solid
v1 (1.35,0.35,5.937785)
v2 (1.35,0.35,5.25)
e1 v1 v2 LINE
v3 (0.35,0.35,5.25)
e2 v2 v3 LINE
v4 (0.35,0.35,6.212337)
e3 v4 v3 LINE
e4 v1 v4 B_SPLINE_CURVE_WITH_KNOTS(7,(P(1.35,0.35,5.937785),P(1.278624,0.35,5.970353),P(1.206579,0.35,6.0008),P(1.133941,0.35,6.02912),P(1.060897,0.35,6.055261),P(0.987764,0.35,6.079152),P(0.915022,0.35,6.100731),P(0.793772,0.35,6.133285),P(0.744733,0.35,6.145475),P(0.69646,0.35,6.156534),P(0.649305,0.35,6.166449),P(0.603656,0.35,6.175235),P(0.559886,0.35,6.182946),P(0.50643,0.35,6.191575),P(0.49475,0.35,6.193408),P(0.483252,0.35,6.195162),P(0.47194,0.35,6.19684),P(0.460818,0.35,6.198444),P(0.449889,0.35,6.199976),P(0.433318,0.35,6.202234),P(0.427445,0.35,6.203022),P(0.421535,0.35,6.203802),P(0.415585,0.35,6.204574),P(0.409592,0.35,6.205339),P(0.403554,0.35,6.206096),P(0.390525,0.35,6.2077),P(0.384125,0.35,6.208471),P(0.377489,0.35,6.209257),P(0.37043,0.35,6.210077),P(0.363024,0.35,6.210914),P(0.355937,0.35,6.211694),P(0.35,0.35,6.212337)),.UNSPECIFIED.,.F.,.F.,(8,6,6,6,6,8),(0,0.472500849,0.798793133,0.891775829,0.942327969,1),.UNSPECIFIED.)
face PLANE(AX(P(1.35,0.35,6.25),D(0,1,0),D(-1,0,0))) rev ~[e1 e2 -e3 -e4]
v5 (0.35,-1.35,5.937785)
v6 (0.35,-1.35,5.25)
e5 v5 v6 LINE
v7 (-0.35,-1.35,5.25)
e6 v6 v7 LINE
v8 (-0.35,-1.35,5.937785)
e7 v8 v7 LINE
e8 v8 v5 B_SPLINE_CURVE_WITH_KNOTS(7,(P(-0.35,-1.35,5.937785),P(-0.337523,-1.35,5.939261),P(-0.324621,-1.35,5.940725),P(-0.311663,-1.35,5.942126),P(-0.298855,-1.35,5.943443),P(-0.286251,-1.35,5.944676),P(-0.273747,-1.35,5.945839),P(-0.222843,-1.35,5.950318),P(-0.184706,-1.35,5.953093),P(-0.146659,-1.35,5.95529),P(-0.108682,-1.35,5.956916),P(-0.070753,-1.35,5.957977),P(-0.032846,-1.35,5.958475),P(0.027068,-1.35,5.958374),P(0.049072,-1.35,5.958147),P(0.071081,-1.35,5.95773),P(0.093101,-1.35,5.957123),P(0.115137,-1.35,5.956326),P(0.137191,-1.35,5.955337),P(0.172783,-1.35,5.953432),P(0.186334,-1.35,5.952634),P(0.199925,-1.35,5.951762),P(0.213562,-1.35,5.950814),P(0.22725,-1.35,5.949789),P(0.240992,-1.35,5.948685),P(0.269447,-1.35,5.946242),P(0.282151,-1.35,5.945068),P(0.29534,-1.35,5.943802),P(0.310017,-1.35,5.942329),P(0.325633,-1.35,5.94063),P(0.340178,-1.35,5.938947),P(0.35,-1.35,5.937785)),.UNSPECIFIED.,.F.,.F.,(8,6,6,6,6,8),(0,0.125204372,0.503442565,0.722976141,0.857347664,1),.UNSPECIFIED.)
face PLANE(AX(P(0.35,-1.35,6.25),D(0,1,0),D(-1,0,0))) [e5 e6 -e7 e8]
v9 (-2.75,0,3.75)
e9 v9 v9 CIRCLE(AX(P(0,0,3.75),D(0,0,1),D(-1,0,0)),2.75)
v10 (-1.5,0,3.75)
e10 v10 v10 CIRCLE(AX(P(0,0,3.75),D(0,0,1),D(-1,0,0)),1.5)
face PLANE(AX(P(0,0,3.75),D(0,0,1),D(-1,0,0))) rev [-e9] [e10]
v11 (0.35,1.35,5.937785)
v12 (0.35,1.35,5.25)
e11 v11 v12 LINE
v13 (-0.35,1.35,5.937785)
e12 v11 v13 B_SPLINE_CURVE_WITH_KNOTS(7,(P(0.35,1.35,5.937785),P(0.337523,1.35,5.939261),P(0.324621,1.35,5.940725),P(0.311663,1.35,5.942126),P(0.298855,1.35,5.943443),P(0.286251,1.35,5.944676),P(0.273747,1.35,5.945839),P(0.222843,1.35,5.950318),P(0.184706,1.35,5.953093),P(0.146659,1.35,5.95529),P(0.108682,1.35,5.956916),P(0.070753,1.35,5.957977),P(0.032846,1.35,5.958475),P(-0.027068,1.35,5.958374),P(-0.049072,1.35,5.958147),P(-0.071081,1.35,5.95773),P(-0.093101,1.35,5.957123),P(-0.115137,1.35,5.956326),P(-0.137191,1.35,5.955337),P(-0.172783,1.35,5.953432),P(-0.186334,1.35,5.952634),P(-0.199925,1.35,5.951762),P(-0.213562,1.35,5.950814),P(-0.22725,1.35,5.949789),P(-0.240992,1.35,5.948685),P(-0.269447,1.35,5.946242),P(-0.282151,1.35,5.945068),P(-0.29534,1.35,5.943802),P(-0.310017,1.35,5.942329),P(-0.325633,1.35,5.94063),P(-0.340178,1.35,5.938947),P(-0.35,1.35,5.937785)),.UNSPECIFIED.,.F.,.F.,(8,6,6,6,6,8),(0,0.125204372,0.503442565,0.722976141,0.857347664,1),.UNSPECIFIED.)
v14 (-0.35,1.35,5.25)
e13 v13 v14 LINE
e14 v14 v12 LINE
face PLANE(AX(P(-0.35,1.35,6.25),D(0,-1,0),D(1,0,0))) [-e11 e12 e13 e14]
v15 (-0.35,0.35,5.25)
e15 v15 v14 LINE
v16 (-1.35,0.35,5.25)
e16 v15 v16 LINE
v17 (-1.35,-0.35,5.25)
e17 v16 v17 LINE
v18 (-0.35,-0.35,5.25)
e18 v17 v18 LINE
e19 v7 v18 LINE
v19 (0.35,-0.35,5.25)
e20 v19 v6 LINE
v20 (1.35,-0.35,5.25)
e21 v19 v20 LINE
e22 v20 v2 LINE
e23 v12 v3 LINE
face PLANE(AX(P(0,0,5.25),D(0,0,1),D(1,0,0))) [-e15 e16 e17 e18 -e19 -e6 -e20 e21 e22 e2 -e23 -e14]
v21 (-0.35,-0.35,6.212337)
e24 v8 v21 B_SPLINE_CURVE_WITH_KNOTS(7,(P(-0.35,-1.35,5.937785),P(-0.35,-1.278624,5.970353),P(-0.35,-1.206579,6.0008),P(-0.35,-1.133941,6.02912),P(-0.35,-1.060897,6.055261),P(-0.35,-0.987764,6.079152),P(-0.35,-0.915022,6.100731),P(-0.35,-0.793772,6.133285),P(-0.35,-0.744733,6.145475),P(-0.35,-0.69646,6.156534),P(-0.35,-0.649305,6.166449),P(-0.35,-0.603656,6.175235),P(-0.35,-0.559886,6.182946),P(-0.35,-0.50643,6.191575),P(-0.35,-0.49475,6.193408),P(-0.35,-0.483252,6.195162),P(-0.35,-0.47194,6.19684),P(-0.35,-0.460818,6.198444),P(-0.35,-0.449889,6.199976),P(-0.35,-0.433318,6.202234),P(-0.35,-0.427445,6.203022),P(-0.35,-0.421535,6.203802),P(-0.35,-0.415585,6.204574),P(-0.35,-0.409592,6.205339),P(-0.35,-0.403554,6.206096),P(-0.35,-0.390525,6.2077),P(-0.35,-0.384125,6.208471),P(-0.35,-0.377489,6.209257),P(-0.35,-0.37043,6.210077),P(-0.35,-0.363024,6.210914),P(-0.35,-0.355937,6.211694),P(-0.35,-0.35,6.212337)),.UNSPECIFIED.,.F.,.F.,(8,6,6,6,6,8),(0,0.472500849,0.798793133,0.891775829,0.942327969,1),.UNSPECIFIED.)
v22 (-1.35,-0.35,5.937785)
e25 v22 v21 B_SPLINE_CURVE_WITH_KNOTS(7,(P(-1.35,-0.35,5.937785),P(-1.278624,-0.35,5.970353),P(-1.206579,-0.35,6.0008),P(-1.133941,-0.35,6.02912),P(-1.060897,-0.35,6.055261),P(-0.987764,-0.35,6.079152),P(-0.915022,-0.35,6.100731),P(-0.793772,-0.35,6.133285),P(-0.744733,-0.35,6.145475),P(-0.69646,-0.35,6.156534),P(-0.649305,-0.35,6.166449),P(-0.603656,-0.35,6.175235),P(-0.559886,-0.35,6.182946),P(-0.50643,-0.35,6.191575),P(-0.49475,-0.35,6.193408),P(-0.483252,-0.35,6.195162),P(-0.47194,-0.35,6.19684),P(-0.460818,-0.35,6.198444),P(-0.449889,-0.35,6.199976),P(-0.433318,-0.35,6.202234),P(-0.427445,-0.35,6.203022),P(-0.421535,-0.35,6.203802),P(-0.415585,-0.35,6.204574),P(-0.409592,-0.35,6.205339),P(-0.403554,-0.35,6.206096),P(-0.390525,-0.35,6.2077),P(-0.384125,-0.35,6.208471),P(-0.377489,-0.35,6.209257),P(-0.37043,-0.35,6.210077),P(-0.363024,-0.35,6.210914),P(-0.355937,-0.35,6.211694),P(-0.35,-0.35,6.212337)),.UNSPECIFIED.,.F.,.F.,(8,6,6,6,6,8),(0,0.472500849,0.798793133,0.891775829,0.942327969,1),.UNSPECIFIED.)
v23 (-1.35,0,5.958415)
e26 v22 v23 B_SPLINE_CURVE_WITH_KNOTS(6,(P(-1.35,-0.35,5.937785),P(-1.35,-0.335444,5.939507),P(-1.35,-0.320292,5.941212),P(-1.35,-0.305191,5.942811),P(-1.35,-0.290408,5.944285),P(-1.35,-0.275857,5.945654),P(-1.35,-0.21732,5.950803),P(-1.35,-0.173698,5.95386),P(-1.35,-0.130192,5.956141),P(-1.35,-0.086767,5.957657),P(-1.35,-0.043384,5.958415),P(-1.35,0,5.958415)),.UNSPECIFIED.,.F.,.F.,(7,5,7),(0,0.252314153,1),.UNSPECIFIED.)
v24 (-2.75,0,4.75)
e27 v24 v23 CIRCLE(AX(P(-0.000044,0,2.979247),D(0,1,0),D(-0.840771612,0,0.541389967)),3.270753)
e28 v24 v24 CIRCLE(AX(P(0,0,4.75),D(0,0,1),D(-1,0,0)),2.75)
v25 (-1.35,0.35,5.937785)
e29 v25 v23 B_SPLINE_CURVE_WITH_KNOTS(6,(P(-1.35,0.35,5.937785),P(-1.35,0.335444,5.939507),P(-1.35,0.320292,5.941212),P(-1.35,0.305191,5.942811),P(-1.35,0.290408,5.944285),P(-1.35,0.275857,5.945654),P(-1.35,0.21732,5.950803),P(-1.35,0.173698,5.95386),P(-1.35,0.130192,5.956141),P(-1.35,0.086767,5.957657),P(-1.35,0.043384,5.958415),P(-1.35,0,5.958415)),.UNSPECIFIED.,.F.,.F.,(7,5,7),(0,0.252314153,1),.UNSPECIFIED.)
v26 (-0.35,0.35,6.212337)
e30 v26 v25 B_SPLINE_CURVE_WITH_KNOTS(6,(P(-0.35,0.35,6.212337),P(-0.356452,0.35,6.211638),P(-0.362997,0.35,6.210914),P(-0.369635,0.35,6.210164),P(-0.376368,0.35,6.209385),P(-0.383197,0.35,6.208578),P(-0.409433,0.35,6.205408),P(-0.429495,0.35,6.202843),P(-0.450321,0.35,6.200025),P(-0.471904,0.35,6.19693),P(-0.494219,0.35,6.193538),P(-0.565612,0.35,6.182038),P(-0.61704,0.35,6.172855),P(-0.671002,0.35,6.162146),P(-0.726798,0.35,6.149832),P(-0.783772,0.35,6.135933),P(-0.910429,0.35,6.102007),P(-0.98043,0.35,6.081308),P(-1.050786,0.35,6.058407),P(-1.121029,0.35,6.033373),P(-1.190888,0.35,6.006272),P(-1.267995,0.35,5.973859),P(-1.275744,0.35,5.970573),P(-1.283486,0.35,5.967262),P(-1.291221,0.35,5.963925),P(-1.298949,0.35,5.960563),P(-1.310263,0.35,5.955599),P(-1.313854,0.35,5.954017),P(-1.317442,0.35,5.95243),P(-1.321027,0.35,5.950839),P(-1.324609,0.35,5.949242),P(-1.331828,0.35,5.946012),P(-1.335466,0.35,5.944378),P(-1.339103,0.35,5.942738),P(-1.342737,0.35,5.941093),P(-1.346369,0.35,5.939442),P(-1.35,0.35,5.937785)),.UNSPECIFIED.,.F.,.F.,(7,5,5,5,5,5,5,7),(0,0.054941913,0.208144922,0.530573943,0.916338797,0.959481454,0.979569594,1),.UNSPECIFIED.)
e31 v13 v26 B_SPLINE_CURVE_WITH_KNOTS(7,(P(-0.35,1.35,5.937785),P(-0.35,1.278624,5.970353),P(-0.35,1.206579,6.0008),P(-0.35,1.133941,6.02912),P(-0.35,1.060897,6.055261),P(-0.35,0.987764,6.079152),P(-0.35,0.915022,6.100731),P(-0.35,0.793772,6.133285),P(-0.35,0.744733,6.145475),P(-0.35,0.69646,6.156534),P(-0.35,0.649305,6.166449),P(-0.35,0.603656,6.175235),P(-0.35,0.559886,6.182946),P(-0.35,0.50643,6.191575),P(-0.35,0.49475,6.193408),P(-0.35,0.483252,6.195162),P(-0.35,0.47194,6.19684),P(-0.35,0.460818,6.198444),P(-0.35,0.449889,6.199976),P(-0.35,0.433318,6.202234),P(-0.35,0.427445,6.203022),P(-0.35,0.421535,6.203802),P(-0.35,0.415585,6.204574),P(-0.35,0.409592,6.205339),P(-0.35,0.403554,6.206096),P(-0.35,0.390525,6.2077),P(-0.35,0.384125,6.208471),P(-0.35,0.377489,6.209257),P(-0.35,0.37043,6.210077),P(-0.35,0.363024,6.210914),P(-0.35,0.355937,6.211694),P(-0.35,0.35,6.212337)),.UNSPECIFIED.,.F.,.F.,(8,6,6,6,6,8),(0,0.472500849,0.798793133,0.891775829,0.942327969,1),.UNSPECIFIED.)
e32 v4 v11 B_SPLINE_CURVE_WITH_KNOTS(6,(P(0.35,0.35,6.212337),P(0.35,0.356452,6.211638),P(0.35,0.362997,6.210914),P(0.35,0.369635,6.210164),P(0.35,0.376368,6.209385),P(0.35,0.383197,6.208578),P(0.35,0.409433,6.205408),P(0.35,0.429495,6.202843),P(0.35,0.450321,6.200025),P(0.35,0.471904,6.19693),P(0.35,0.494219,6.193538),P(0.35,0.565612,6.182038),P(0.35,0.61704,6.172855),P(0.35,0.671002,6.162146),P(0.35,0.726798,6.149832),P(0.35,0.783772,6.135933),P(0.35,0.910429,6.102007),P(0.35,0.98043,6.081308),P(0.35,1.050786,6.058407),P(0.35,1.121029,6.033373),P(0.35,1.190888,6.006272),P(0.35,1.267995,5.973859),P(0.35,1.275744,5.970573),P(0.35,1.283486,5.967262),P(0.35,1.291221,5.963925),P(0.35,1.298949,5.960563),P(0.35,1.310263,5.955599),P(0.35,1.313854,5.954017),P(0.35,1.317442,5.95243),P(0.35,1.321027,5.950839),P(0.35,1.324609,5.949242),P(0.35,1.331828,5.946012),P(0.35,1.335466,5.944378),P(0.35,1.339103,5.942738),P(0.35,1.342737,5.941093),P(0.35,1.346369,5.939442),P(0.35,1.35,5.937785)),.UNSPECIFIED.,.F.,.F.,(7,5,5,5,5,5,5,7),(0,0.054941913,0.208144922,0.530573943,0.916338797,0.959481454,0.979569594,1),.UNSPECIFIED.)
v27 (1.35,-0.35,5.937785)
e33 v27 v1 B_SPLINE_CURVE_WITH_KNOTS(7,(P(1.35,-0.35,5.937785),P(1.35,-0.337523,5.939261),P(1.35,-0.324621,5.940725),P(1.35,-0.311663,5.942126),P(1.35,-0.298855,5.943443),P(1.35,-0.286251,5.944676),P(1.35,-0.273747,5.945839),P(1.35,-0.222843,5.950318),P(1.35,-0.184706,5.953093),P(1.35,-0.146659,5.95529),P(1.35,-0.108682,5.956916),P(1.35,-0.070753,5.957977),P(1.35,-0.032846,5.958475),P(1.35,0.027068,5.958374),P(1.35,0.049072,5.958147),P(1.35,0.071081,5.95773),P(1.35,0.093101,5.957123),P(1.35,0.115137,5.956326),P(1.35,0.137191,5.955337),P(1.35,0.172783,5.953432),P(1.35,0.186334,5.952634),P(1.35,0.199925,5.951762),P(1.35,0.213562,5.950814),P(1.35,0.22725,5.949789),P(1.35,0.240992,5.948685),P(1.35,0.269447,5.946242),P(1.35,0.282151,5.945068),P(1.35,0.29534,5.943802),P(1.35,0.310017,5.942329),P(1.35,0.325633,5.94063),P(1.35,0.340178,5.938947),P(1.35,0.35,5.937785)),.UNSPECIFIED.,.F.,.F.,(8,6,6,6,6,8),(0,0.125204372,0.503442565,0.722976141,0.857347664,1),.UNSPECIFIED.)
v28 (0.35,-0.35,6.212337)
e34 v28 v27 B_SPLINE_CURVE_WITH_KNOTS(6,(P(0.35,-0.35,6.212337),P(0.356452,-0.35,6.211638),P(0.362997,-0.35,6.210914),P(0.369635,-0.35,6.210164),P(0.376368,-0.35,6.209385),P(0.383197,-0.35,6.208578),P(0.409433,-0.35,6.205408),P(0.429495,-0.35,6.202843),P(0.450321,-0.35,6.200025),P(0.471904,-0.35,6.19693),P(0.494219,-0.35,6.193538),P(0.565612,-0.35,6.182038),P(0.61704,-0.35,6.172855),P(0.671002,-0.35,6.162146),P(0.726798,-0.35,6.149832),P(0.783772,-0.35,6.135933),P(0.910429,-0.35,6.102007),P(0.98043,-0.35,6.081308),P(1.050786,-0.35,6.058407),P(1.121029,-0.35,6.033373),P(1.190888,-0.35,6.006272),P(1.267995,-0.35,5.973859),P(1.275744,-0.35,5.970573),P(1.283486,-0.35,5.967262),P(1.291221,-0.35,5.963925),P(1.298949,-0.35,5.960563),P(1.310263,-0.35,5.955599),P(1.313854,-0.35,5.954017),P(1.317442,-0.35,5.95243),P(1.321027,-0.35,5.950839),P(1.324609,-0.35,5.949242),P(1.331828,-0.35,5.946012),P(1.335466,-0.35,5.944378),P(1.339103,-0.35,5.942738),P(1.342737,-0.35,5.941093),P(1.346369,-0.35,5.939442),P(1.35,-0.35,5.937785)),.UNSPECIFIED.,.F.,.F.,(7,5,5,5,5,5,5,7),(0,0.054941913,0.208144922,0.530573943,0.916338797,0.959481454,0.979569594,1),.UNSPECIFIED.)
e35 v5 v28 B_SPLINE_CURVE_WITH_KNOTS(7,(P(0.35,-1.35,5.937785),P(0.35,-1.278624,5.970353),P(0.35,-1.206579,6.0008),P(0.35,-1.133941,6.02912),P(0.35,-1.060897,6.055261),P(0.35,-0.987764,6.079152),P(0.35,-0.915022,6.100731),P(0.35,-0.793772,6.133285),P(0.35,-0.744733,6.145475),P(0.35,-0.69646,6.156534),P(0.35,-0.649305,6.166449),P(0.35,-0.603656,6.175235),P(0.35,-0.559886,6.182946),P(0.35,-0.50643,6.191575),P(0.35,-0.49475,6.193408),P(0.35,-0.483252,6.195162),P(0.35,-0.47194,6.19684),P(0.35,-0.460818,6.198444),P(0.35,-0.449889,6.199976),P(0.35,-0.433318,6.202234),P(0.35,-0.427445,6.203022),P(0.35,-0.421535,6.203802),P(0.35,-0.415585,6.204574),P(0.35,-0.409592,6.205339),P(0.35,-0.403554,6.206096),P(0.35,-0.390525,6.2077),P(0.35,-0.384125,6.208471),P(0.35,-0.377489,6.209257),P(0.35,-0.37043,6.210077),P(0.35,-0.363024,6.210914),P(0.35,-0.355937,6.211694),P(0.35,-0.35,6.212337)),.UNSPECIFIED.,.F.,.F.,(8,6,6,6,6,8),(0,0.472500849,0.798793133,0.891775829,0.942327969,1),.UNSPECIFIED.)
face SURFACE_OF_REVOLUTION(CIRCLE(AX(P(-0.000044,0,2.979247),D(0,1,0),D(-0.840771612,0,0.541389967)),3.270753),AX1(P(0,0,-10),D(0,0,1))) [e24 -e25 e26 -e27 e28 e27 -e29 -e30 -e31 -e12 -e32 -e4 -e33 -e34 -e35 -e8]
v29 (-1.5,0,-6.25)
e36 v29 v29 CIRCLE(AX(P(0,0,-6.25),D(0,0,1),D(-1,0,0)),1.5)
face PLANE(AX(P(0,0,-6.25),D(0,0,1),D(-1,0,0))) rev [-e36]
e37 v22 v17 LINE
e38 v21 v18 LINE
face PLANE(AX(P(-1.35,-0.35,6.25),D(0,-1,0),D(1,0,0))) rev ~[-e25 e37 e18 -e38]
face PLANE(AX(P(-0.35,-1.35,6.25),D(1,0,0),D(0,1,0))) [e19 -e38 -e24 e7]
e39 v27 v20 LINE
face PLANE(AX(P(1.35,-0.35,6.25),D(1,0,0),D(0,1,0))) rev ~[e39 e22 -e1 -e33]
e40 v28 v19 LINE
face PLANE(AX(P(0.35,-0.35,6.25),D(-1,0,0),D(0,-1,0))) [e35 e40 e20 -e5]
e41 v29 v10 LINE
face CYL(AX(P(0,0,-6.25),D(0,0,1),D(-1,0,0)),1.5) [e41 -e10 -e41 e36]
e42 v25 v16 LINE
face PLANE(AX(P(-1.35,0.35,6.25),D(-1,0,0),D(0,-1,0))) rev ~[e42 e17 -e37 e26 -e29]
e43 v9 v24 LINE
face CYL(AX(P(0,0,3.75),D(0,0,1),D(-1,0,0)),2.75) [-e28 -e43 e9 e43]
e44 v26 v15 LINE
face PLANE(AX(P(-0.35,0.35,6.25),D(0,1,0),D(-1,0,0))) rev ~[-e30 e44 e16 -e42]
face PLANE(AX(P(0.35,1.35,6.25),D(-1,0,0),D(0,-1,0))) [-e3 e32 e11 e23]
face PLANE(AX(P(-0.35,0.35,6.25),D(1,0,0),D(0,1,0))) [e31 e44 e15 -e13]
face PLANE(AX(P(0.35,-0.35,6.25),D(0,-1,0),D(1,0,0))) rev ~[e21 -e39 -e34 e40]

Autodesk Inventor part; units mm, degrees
ref_plane "YZ Plane" through (0, 0, 0) normal (1, 0, 0) x (0, 1, 0)
ref_plane "XZ Plane" through (0, 0, 0) normal (0, 1, 0) x (-1, 0, 0)
sketch "Sketch1" plane through (0, 0, 0) normal (0, 1, 0) x (-1, 0, 0)
  line L0 (0, -8.8201) -> (0, 9.1707) projected
  line L1 (0, -6.25) -> (0, 6.25)
  line L2 (0, -6.25) -> (1.5, -6.25)
  line L3 (1.5, -6.25) -> (1.5, 3.75)
  line L4 (1.5, 3.75) -> (2.75, 3.75)
  line L5 (2.75, 3.75) -> (2.75, 4.75)
  arc A0 (2.75, 4.75) -> (0, 6.25) centre (0, 2.9792) ccw
  line L6 (3.5295, 0) -> (-0.5882, 0) projected
  point P0 (0, 0)
  dimension "d0" = 10
  dimension "d1" = 3
  dimension "d2" = 2.5
  dimension "d3" = 5.5
  dimension "d4" = 1
revolve "Revolution1" add sketch "Sketch1" angle 360 about axis through (0, 0, -10) along (0, 0, 1)
ref_plane "Work Plane1" through (0, 0, 6.25) normal (0, 0, 1) x (1, 0, 0)
sketch "Sketch2" plane through (0, 0, 6.25) normal (0, 0, 1) x (1, 0, 0)
  line L0 (-1.35, -0.35) -> (1.35, -0.35)
  line L1 (1.35, -0.35) -> (1.35, 0.35)
  line L2 (1.35, 0.35) -> (-1.35, 0.35)
  line L3 (-1.35, 0.35) -> (-1.35, -0.35)
  line L4 (-1.35, -0.35) -> (1.35, 0.35) construction
  line L5 (1.35, -0.35) -> (-1.35, 0.35) construction
  line L6 (0.35, -1.35) -> (-0.35, -1.35)
  line L7 (-0.35, -1.35) -> (-0.35, 1.35)
  line L8 (-0.35, 1.35) -> (0.35, 1.35)
  line L9 (0.35, 1.35) -> (0.35, -1.35)
  line L10 (0.35, -1.35) -> (-0.35, 1.35) construction
  line L11 (-0.35, -1.35) -> (0.35, 1.35) construction
  point P0 (0, 0)
  dimension "d6" = 2.7
  dimension "d7" = 0.7
extrude "Extrusion1" cut sketch "Sketch2" against normal blind 1
thread "Thread1" size "M3x0.5" class "6g" standard "ANSI Metric M Profile" full length
properties part number "empty"
